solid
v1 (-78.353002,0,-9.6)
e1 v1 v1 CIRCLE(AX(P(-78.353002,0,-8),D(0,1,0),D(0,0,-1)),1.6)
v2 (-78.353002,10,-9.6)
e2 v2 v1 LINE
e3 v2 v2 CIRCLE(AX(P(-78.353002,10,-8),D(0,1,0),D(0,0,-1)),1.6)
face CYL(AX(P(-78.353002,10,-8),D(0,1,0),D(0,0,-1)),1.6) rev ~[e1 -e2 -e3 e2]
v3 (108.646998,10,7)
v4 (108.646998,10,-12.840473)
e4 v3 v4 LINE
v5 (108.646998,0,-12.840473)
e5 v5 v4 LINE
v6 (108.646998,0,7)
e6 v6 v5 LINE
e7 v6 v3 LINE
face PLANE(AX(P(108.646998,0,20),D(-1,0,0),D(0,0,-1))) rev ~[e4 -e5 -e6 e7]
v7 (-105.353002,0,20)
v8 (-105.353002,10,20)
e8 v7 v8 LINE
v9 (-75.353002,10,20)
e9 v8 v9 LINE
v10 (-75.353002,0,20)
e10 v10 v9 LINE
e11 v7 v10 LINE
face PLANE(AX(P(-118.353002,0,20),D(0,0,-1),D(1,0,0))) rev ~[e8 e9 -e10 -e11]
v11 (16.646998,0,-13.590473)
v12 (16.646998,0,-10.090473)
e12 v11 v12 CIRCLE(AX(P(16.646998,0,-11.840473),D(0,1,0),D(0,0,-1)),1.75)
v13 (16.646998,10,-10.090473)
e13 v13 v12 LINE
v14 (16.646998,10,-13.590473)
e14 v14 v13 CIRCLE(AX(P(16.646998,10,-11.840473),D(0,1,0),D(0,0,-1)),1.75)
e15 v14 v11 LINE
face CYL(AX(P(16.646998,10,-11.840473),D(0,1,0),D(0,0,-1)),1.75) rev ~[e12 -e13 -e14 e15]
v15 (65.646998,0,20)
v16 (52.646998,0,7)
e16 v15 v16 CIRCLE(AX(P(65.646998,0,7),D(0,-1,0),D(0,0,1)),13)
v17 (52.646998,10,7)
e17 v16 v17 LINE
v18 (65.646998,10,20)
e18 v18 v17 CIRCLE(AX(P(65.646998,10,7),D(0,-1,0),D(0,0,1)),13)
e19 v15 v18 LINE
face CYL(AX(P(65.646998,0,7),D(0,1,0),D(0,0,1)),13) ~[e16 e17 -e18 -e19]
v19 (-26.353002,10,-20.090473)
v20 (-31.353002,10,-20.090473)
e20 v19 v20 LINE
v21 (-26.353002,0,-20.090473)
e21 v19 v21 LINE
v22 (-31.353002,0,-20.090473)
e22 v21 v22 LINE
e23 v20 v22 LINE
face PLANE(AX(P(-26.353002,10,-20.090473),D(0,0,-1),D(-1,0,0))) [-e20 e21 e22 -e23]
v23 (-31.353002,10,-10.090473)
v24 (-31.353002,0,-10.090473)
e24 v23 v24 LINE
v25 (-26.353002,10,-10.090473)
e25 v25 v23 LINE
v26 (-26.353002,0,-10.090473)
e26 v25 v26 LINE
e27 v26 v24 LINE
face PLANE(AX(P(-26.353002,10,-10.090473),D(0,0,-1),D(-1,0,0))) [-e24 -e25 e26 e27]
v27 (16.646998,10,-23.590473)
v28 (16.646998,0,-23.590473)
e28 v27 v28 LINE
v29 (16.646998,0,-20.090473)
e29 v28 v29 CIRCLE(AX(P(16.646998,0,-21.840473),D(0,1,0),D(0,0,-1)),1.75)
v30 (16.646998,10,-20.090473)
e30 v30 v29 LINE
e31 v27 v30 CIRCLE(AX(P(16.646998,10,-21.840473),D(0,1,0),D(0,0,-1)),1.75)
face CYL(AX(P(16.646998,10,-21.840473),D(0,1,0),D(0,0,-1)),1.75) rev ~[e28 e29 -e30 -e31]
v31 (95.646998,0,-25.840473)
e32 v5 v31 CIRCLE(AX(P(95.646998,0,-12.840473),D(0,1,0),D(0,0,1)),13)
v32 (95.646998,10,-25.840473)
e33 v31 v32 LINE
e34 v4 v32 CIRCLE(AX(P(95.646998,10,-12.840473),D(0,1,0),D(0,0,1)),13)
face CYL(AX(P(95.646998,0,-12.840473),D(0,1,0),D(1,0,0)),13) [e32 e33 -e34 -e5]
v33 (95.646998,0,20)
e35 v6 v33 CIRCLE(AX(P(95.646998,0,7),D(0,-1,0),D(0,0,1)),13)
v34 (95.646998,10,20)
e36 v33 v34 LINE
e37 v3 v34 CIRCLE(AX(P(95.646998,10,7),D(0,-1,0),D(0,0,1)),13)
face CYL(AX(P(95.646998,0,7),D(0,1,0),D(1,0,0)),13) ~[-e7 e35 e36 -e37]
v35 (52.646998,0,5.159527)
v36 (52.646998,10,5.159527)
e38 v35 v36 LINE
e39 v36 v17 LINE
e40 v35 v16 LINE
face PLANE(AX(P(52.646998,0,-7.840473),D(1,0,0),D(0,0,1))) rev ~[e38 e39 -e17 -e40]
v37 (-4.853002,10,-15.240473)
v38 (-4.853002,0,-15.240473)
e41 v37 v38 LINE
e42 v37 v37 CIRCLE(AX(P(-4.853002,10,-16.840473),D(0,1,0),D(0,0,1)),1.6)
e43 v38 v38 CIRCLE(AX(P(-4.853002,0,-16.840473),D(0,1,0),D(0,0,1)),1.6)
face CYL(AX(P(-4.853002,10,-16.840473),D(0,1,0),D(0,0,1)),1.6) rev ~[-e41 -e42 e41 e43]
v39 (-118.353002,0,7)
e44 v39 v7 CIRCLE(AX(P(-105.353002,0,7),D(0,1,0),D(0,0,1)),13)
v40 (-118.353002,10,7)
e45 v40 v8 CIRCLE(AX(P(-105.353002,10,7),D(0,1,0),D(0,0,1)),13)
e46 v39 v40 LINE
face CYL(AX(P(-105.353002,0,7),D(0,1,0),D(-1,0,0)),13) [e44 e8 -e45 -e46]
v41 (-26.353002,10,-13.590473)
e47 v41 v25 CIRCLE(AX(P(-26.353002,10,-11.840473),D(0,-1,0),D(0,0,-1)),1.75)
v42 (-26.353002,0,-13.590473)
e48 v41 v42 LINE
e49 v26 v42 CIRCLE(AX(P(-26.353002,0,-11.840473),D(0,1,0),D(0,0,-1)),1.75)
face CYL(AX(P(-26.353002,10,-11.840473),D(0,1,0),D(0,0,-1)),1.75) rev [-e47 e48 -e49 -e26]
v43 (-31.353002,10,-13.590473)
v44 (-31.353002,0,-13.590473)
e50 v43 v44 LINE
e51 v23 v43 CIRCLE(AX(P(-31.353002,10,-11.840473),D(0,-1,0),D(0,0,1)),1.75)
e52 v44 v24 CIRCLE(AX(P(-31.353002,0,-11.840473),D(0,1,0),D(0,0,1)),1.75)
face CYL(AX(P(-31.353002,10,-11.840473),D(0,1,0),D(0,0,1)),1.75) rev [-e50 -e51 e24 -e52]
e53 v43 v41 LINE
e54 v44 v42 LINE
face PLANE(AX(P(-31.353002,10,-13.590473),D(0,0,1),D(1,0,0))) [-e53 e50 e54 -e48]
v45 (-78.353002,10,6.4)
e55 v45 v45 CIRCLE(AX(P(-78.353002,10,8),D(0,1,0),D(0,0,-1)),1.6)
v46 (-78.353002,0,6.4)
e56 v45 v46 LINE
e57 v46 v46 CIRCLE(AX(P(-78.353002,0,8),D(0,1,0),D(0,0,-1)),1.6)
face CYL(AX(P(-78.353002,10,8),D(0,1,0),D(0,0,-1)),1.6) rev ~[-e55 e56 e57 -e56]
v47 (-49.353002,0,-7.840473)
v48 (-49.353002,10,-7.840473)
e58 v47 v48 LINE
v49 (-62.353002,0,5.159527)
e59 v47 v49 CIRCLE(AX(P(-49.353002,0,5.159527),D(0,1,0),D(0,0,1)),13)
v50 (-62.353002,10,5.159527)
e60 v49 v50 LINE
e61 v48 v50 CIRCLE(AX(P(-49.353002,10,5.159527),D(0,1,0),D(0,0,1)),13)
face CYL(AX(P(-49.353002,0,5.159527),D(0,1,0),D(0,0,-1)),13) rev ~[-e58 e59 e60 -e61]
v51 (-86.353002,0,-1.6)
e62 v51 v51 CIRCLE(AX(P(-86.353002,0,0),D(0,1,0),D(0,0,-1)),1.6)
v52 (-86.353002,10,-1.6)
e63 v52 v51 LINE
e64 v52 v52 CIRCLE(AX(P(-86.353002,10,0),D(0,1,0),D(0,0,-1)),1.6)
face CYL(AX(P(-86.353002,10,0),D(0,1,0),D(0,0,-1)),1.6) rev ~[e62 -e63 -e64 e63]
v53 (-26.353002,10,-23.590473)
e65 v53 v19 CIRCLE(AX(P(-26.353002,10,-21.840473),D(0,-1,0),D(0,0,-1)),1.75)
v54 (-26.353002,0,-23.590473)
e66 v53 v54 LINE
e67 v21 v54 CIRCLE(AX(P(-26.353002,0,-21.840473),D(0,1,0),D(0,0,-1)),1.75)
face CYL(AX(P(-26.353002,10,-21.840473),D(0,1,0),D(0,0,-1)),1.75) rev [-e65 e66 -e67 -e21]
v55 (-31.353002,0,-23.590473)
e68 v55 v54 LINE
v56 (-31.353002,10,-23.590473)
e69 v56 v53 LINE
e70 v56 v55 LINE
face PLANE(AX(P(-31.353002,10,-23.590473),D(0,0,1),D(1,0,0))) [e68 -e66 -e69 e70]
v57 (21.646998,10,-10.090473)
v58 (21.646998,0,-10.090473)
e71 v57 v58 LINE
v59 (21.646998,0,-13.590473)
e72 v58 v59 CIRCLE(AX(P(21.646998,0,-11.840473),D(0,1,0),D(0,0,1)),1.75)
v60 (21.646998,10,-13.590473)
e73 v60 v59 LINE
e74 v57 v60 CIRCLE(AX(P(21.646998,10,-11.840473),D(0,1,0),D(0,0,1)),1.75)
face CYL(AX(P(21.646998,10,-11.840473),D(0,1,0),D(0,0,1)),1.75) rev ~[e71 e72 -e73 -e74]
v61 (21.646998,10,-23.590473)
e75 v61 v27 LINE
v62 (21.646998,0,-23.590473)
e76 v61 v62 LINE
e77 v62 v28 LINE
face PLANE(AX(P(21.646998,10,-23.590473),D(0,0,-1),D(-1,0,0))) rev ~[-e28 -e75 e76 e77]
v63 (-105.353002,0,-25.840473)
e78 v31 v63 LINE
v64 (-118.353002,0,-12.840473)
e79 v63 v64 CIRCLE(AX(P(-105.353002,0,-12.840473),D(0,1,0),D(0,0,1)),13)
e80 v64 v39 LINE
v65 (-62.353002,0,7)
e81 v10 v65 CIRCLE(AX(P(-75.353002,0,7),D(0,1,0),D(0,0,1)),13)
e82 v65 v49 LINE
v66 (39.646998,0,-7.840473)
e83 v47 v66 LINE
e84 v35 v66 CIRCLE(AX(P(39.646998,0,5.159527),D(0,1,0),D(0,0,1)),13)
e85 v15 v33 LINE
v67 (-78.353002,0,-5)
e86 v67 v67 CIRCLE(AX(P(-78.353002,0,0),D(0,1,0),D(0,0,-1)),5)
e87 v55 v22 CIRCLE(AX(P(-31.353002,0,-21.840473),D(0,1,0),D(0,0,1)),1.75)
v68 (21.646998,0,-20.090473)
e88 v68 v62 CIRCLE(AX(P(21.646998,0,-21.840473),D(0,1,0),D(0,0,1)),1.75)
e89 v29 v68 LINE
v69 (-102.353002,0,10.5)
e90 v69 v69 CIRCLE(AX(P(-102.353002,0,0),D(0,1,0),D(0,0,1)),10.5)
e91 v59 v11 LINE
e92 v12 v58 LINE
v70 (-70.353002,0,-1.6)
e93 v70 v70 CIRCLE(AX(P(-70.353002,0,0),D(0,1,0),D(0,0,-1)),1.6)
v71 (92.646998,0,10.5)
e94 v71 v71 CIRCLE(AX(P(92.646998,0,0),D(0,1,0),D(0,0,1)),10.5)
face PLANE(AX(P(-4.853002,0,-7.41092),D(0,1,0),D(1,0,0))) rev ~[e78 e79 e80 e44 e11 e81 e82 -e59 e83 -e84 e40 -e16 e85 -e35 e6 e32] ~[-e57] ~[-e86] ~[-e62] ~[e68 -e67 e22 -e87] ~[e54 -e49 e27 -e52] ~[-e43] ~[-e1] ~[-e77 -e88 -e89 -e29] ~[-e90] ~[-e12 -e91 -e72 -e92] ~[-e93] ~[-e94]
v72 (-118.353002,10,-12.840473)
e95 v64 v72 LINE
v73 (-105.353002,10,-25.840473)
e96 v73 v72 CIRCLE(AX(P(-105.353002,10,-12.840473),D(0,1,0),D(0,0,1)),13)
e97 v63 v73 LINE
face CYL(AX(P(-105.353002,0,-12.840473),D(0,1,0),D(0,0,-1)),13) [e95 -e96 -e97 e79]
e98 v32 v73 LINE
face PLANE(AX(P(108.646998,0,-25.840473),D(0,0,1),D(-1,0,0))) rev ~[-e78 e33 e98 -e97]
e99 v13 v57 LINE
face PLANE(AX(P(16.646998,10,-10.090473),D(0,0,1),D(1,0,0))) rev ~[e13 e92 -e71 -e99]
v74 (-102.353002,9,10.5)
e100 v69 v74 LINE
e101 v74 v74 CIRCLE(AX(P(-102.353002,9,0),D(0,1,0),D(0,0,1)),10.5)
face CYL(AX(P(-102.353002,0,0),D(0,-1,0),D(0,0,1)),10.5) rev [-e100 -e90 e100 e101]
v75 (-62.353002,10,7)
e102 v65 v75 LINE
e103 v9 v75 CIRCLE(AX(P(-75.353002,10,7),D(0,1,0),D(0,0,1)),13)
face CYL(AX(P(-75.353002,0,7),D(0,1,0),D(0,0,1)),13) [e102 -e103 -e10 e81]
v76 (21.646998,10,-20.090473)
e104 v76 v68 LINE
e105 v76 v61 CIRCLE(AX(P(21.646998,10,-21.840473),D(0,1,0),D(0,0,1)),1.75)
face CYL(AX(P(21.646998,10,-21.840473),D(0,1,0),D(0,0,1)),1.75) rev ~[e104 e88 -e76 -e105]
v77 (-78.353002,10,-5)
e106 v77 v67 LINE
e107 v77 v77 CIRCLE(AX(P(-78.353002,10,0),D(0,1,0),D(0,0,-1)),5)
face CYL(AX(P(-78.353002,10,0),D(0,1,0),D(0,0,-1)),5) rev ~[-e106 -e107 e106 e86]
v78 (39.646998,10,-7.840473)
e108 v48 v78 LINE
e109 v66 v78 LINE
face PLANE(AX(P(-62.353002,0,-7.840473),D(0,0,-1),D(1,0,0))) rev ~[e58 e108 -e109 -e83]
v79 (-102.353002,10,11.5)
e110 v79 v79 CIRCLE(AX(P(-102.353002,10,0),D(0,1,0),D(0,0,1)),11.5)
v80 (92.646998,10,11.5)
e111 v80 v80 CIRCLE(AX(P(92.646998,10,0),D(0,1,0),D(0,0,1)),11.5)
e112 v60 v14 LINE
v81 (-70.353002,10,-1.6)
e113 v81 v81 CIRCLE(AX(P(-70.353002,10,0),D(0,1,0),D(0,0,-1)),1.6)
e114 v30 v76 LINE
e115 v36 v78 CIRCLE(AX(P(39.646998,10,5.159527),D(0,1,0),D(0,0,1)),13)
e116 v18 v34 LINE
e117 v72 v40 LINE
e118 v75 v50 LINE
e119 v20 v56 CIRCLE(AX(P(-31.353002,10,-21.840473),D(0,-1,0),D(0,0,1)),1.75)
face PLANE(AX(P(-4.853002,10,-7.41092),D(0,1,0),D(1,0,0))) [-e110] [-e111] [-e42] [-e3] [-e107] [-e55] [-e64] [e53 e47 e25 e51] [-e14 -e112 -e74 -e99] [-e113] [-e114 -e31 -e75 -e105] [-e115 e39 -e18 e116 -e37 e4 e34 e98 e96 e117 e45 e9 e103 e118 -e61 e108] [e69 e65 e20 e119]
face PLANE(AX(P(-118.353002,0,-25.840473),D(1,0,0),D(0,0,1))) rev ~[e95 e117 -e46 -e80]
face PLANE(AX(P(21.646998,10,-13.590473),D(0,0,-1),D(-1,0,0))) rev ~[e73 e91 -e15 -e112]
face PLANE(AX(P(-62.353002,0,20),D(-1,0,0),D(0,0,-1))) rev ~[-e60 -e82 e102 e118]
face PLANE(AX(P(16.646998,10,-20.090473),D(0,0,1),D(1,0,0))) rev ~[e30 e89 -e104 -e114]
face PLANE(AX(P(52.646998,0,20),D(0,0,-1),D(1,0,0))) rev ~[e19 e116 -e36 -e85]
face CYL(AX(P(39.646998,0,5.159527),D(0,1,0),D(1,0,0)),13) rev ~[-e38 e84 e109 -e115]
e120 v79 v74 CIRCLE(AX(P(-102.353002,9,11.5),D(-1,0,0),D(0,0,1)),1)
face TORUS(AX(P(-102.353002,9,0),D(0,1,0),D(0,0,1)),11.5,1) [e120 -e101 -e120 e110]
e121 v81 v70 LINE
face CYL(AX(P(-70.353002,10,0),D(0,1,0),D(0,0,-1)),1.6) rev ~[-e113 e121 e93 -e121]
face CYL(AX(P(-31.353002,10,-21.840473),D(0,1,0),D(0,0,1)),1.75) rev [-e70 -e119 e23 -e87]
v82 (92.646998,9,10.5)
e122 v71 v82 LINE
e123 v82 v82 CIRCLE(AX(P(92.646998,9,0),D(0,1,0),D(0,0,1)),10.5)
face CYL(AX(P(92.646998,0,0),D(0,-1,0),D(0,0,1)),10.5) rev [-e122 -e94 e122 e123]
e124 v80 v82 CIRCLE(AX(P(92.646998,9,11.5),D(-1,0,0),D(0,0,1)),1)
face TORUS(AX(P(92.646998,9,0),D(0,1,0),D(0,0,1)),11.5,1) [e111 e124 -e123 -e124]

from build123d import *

# Parameters (mm, degrees)
SKETCH1_R           = 10.5
BOSS_EXTRUDE1_DEPTH = 10
FILLET1_R           = 13
SKETCH8_R           = 1.6
SKETCH8_R_2         = 5
CUT_EXTRUDE5_DEPTH  = 122.553128346
SKETCH4_R           = 1.6
CUT_EXTRUDE6_DEPTH  = 10
FILLET2_R           = 1


with BuildPart() as part:
    # Sketch1 → Boss-Extrude1 (new body)
    with BuildSketch(Plane(origin=(0, 0, 0), x_dir=(1, 0, 0), z_dir=(0, 1, 0))):
        Polygon((108.646998451, -20), (108.646998451, 25.840472806), (-118.353001549, 25.840472806), (-118.353001549, -20), (-62.353001549, -20), (-62.353001549, 7.840472806), (52.646998451, 7.840472806), (52.646998451, -20), align=None)
        with Locations(Location((92.646998451, 0, 0), (0, 0, 270))):
            Circle(SKETCH1_R, mode=Mode.SUBTRACT)
        with Locations(Location((-102.353001549, 0, 0), (0, 0, 270))):
            Circle(SKETCH1_R, mode=Mode.SUBTRACT)
    extrude(amount=BOSS_EXTRUDE1_DEPTH)

    # Fillet1
    fillet1_edges = [part.edges().sort_by_distance(p)[0] for p in [
        (108.646998451, 5, -25.840472806),
        (108.646998451, 5, 20),
        (52.646998451, 5, 20),
        (52.646998451, 5, -7.840472806),
        (-62.353001549, 5, -7.840472806),
        (-62.353001549, 5, 20),
        (-118.353001549, 5, 20),
        (-118.353001549, 5, -25.840472806),
    ]]
    fillet(fillet1_edges, radius=FILLET1_R)

    # Sketch8 → Cut-Extrude5 (cut, through all)
    with BuildSketch(Plane(origin=(0, 10, 0), x_dir=(1, 0, 0), z_dir=(0, 1, 0))):
        with Locations(Location((-86.353001549, 0, 0), (0, 0, 90))):
            Circle(SKETCH8_R)
        with Locations(Location((-78.353001549, 0, 0), (0, 0, 90))):
            Circle(SKETCH8_R_2)
        with Locations(Location((-78.353001549, -8, 0), (0, 0, 90))):
            Circle(SKETCH8_R)
        with Locations(Location((-70.353001549, 0, 0), (0, 0, 90))):
            Circle(SKETCH8_R)
        with Locations(Location((-78.353001549, 8, 0), (0, 0, 90))):
            Circle(SKETCH8_R)
        with BuildLine():
            Line((-31.353001549, 23.590472806), (-26.353001549, 23.590472806))
            ThreePointArc((-26.353001549, 23.590472806), (-24.603001549, 21.840472806), (-26.353001549, 20.090472806))
            Line((-26.353001549, 20.090472806), (-31.353001549, 20.090472806))
            ThreePointArc((-31.353001549, 20.090472806), (-33.103001549, 21.840472806), (-31.353001549, 23.590472806))
        make_face()
        with BuildLine():
            Line((-31.353001549, 13.590472806), (-26.353001549, 13.590472806))
            ThreePointArc((-26.353001549, 13.590472806), (-24.603001549, 11.840472806), (-26.353001549, 10.090472806))
            Line((-26.353001549, 10.090472806), (-31.353001549, 10.090472806))
            ThreePointArc((-31.353001549, 10.090472806), (-33.103001549, 11.840472806), (-31.353001549, 13.590472806))
        make_face()
        with BuildLine():
            Line((21.646998451, 13.590472806), (16.646998451, 13.590472806))
            ThreePointArc((16.646998451, 13.590472806), (14.896998451, 11.840472806), (16.646998451, 10.090472806))
            Line((16.646998451, 10.090472806), (21.646998451, 10.090472806))
            ThreePointArc((21.646998451, 10.090472806), (23.396998451, 11.840472806), (21.646998451, 13.590472806))
        make_face()
        with BuildLine():
            Line((21.646998451, 23.590472806), (16.646998451, 23.590472806))
            ThreePointArc((16.646998451, 23.590472806), (14.896998451, 21.840472806), (16.646998451, 20.090472806))
            Line((16.646998451, 20.090472806), (21.646998451, 20.090472806))
            ThreePointArc((21.646998451, 20.090472806), (23.396998451, 21.840472806), (21.646998451, 23.590472806))
        make_face()
    extrude(amount=-CUT_EXTRUDE5_DEPTH, mode=Mode.SUBTRACT)

    # Sketch4 → Cut-Extrude6 (cut)
    with BuildSketch(Plane(origin=(0, 10, 0), x_dir=(1, 0, 0), z_dir=(0, 1, 0))):
        with Locations(Location((-4.853001549, 16.840472806, 0), (0, 0, 270))):
            Circle(SKETCH4_R)
    extrude(amount=-CUT_EXTRUDE6_DEPTH, mode=Mode.SUBTRACT)

    # Fillet2
    fillet2_edges = [part.edges().sort_by_distance(p)[0] for p in [
        (92.646998451, 10, -10.5),
        (-102.353001549, 10, -10.5),
    ]]
    fillet(fillet2_edges, radius=FILLET2_R)


solid = part.part
